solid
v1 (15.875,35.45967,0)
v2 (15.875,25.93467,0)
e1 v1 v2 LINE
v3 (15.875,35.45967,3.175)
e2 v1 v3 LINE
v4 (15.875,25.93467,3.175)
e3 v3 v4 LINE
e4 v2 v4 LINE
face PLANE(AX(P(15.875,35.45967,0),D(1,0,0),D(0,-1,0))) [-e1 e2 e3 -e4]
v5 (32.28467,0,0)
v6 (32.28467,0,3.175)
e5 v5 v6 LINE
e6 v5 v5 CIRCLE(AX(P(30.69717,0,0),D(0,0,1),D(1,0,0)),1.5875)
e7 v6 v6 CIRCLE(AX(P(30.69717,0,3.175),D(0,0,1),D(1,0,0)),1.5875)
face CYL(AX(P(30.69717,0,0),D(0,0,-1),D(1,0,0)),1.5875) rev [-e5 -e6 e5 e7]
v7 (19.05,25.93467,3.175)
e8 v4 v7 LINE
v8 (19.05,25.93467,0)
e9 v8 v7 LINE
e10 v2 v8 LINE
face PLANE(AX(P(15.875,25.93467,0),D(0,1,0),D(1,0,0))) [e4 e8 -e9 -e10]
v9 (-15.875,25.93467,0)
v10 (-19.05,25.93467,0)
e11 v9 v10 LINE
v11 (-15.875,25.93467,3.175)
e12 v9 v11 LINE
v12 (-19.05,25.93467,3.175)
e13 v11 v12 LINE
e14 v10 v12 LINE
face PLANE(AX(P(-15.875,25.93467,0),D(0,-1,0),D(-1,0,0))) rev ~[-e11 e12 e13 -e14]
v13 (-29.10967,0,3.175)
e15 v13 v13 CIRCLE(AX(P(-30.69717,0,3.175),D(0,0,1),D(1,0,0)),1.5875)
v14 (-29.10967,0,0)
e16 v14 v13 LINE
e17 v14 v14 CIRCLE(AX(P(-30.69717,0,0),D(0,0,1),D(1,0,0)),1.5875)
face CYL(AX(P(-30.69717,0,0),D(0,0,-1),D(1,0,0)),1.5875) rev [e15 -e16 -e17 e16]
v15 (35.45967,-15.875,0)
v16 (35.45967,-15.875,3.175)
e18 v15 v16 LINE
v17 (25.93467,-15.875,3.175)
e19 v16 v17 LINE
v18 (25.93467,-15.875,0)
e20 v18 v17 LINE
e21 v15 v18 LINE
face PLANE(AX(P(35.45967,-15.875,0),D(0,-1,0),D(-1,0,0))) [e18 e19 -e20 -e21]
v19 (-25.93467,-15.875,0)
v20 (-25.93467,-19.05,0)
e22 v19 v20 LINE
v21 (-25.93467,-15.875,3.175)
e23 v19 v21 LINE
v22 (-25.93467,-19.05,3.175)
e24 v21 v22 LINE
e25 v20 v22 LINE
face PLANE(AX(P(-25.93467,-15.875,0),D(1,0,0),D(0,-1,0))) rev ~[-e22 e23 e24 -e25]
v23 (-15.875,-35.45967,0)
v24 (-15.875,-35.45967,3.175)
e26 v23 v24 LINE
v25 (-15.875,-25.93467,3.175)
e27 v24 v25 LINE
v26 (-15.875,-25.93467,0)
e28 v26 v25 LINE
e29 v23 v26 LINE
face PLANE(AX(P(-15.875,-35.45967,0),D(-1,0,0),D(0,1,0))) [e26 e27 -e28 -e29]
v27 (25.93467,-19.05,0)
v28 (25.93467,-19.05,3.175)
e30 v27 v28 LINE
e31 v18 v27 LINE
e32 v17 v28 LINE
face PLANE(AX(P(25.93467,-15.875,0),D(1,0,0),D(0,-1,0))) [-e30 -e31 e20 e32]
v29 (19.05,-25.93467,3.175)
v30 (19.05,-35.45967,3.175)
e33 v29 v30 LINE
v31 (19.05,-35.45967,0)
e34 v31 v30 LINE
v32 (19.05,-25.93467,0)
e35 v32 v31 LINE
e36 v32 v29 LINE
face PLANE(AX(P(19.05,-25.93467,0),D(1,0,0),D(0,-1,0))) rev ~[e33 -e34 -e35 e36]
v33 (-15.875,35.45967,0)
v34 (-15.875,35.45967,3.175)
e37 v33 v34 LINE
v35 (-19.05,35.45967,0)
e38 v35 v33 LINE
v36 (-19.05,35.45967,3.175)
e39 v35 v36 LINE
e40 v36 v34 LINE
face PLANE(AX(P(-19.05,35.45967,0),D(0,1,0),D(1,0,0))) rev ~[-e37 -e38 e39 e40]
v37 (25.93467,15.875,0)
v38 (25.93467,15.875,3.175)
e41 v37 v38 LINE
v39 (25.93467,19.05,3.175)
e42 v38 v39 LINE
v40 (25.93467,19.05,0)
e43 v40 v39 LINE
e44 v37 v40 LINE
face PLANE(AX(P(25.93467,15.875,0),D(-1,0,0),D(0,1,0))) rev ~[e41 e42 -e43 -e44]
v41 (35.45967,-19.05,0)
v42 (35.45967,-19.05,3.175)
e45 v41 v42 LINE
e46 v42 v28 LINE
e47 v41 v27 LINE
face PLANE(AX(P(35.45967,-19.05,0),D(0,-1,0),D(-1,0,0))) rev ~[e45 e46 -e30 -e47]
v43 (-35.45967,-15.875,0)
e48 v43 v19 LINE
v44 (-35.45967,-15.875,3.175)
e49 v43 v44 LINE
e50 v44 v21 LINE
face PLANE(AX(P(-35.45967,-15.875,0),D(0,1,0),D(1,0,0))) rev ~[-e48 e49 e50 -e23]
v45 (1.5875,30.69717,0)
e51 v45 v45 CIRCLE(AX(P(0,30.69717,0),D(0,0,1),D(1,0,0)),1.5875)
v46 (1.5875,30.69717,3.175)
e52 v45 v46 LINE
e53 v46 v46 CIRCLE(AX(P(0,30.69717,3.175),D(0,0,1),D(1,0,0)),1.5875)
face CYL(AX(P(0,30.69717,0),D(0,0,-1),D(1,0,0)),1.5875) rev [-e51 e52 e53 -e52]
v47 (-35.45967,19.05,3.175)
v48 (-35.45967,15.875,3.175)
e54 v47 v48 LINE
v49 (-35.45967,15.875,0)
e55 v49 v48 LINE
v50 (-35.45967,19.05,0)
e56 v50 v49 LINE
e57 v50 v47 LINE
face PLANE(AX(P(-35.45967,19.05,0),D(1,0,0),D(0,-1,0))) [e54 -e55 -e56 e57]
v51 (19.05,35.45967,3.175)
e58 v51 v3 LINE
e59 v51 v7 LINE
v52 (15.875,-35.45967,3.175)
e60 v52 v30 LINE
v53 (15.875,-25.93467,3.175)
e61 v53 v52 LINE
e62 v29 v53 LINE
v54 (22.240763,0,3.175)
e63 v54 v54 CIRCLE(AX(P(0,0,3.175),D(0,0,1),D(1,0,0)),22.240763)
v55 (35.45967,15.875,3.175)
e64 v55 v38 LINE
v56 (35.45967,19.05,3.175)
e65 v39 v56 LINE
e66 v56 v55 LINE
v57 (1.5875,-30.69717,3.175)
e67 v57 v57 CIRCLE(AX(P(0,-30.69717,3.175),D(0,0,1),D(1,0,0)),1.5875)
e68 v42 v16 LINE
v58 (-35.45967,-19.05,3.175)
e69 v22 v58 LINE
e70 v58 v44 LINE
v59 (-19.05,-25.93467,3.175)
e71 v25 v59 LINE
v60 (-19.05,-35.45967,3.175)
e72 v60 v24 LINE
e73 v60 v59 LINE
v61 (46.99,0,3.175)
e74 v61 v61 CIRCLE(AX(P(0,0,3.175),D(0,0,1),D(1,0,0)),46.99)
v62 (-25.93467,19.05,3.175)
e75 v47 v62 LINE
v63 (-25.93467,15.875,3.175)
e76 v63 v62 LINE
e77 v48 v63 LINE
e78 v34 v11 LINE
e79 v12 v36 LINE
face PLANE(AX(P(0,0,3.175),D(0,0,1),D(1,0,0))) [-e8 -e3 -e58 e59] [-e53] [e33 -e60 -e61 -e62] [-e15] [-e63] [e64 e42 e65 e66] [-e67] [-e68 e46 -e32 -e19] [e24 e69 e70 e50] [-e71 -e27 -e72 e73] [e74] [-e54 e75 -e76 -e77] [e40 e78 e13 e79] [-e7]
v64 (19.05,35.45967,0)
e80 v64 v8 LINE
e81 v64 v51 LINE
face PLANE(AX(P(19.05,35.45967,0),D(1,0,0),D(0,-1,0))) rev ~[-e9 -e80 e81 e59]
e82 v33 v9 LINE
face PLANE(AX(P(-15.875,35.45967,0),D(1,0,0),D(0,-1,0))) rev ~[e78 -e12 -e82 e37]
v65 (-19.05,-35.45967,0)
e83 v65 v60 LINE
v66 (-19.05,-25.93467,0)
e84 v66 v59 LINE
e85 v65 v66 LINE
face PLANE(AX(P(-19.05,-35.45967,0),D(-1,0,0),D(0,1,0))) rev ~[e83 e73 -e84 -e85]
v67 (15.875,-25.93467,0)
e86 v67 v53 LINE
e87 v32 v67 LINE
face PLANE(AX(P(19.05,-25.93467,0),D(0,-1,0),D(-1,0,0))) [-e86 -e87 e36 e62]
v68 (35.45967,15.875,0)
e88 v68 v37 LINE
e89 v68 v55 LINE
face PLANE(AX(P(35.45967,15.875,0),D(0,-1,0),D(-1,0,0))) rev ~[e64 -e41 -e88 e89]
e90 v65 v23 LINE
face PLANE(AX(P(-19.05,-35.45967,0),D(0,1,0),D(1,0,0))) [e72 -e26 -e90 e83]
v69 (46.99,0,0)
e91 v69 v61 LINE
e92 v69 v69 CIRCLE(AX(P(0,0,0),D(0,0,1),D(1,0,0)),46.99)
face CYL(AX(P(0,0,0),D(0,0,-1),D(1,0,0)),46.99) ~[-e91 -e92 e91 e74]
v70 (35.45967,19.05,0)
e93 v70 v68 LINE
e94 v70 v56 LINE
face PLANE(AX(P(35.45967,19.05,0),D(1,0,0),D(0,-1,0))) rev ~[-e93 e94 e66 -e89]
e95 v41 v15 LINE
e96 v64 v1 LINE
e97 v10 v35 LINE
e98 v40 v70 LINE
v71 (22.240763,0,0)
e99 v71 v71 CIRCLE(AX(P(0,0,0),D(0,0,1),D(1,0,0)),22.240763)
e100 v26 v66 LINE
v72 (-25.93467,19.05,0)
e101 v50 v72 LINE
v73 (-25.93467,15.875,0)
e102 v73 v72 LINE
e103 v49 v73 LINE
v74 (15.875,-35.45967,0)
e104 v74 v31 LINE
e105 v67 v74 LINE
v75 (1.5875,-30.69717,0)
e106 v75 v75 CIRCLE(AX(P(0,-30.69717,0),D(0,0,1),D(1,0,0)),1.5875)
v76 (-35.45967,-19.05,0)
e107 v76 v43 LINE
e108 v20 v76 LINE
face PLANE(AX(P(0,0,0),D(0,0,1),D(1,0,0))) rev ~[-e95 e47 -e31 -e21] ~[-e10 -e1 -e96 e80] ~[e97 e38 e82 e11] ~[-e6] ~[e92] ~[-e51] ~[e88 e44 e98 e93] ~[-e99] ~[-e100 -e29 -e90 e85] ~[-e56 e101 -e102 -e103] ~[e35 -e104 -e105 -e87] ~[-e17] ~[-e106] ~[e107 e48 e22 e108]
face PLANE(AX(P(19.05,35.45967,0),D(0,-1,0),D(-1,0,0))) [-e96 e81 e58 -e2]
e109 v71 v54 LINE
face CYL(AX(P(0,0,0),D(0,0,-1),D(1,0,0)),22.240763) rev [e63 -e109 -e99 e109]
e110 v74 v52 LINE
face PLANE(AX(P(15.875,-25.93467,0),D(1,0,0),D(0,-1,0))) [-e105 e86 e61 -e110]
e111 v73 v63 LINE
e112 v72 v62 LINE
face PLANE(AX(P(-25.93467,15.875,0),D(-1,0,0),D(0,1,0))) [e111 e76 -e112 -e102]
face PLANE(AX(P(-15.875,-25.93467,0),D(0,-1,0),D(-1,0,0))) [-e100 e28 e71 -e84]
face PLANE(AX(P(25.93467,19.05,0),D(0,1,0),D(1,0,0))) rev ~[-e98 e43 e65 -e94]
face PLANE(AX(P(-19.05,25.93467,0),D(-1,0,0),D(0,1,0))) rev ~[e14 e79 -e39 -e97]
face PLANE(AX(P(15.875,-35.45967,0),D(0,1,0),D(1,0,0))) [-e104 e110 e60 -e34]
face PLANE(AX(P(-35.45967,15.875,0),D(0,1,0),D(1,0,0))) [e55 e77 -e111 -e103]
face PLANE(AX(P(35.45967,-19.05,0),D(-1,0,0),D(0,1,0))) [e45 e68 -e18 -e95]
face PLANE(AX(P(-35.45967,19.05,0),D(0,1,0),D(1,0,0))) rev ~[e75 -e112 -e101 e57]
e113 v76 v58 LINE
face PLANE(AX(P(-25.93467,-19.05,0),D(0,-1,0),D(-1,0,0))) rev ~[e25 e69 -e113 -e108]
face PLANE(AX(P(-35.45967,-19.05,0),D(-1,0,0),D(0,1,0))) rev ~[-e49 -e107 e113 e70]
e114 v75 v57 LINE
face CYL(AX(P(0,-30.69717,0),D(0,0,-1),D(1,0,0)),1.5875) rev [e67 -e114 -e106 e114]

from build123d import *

# Parameters (mm, degrees)
SKETCH2_R           = 46.99
SKETCH2_R_2         = 1.5875
SKETCH2_R_3         = 22.240762899
BOSS_EXTRUDE1_DEPTH = 3.175


with BuildPart() as part:
    # Sketch2 → Boss-Extrude1 (new body)
    with BuildSketch(Plane.XY):
        Circle(SKETCH2_R)
        with Locations((0, -30.69717)):
            Circle(SKETCH2_R_2, mode=Mode.SUBTRACT)
        with Locations((0, 30.69717)):
            Circle(SKETCH2_R_2, mode=Mode.SUBTRACT)
        with Locations((30.69717, 0)):
            Circle(SKETCH2_R_2, mode=Mode.SUBTRACT)
        with Locations((-30.69717, 0)):
            Circle(SKETCH2_R_2, mode=Mode.SUBTRACT)
        Circle(SKETCH2_R_3, mode=Mode.SUBTRACT)
        Polygon((-19.05, -35.45967), (-15.875, -35.45967), (-15.875, -25.93467), (-19.05, -25.93467), (-19.05, -32.28467), align=None, mode=Mode.SUBTRACT)
        Polygon((-19.05, 32.28467), (-19.05, 35.45967), (-15.875, 35.45967), (-15.875, 25.93467), (-19.05, 25.93467), align=None, mode=Mode.SUBTRACT)
        Polygon((19.05, 35.45967), (15.875, 35.45967), (15.875, 25.93467), (19.05, 25.93467), (19.05, 32.28467), align=None, mode=Mode.SUBTRACT)
        Polygon((19.05, -32.28467), (19.05, -25.93467), (15.875, -25.93467), (15.875, -35.45967), (19.05, -35.45967), align=None, mode=Mode.SUBTRACT)
        Polygon((-35.45967, -19.05), (-35.45967, -15.875), (-25.93467, -15.875), (-25.93467, -19.05), (-32.28467, -19.05), align=None, mode=Mode.SUBTRACT)
        Polygon((-32.28467, 19.05), (-35.45967, 19.05), (-35.45967, 15.875), (-25.93467, 15.875), (-25.93467, 19.05), align=None, mode=Mode.SUBTRACT)
        Polygon((35.45967, 19.05), (35.45967, 15.875), (25.93467, 15.875), (25.93467, 19.05), (32.28467, 19.05), align=None, mode=Mode.SUBTRACT)
        Polygon((32.28467, -19.05), (35.45967, -19.05), (35.45967, -15.875), (25.93467, -15.875), (25.93467, -19.05), align=None, mode=Mode.SUBTRACT)
    extrude(amount=BOSS_EXTRUDE1_DEPTH)


solid = part.part
